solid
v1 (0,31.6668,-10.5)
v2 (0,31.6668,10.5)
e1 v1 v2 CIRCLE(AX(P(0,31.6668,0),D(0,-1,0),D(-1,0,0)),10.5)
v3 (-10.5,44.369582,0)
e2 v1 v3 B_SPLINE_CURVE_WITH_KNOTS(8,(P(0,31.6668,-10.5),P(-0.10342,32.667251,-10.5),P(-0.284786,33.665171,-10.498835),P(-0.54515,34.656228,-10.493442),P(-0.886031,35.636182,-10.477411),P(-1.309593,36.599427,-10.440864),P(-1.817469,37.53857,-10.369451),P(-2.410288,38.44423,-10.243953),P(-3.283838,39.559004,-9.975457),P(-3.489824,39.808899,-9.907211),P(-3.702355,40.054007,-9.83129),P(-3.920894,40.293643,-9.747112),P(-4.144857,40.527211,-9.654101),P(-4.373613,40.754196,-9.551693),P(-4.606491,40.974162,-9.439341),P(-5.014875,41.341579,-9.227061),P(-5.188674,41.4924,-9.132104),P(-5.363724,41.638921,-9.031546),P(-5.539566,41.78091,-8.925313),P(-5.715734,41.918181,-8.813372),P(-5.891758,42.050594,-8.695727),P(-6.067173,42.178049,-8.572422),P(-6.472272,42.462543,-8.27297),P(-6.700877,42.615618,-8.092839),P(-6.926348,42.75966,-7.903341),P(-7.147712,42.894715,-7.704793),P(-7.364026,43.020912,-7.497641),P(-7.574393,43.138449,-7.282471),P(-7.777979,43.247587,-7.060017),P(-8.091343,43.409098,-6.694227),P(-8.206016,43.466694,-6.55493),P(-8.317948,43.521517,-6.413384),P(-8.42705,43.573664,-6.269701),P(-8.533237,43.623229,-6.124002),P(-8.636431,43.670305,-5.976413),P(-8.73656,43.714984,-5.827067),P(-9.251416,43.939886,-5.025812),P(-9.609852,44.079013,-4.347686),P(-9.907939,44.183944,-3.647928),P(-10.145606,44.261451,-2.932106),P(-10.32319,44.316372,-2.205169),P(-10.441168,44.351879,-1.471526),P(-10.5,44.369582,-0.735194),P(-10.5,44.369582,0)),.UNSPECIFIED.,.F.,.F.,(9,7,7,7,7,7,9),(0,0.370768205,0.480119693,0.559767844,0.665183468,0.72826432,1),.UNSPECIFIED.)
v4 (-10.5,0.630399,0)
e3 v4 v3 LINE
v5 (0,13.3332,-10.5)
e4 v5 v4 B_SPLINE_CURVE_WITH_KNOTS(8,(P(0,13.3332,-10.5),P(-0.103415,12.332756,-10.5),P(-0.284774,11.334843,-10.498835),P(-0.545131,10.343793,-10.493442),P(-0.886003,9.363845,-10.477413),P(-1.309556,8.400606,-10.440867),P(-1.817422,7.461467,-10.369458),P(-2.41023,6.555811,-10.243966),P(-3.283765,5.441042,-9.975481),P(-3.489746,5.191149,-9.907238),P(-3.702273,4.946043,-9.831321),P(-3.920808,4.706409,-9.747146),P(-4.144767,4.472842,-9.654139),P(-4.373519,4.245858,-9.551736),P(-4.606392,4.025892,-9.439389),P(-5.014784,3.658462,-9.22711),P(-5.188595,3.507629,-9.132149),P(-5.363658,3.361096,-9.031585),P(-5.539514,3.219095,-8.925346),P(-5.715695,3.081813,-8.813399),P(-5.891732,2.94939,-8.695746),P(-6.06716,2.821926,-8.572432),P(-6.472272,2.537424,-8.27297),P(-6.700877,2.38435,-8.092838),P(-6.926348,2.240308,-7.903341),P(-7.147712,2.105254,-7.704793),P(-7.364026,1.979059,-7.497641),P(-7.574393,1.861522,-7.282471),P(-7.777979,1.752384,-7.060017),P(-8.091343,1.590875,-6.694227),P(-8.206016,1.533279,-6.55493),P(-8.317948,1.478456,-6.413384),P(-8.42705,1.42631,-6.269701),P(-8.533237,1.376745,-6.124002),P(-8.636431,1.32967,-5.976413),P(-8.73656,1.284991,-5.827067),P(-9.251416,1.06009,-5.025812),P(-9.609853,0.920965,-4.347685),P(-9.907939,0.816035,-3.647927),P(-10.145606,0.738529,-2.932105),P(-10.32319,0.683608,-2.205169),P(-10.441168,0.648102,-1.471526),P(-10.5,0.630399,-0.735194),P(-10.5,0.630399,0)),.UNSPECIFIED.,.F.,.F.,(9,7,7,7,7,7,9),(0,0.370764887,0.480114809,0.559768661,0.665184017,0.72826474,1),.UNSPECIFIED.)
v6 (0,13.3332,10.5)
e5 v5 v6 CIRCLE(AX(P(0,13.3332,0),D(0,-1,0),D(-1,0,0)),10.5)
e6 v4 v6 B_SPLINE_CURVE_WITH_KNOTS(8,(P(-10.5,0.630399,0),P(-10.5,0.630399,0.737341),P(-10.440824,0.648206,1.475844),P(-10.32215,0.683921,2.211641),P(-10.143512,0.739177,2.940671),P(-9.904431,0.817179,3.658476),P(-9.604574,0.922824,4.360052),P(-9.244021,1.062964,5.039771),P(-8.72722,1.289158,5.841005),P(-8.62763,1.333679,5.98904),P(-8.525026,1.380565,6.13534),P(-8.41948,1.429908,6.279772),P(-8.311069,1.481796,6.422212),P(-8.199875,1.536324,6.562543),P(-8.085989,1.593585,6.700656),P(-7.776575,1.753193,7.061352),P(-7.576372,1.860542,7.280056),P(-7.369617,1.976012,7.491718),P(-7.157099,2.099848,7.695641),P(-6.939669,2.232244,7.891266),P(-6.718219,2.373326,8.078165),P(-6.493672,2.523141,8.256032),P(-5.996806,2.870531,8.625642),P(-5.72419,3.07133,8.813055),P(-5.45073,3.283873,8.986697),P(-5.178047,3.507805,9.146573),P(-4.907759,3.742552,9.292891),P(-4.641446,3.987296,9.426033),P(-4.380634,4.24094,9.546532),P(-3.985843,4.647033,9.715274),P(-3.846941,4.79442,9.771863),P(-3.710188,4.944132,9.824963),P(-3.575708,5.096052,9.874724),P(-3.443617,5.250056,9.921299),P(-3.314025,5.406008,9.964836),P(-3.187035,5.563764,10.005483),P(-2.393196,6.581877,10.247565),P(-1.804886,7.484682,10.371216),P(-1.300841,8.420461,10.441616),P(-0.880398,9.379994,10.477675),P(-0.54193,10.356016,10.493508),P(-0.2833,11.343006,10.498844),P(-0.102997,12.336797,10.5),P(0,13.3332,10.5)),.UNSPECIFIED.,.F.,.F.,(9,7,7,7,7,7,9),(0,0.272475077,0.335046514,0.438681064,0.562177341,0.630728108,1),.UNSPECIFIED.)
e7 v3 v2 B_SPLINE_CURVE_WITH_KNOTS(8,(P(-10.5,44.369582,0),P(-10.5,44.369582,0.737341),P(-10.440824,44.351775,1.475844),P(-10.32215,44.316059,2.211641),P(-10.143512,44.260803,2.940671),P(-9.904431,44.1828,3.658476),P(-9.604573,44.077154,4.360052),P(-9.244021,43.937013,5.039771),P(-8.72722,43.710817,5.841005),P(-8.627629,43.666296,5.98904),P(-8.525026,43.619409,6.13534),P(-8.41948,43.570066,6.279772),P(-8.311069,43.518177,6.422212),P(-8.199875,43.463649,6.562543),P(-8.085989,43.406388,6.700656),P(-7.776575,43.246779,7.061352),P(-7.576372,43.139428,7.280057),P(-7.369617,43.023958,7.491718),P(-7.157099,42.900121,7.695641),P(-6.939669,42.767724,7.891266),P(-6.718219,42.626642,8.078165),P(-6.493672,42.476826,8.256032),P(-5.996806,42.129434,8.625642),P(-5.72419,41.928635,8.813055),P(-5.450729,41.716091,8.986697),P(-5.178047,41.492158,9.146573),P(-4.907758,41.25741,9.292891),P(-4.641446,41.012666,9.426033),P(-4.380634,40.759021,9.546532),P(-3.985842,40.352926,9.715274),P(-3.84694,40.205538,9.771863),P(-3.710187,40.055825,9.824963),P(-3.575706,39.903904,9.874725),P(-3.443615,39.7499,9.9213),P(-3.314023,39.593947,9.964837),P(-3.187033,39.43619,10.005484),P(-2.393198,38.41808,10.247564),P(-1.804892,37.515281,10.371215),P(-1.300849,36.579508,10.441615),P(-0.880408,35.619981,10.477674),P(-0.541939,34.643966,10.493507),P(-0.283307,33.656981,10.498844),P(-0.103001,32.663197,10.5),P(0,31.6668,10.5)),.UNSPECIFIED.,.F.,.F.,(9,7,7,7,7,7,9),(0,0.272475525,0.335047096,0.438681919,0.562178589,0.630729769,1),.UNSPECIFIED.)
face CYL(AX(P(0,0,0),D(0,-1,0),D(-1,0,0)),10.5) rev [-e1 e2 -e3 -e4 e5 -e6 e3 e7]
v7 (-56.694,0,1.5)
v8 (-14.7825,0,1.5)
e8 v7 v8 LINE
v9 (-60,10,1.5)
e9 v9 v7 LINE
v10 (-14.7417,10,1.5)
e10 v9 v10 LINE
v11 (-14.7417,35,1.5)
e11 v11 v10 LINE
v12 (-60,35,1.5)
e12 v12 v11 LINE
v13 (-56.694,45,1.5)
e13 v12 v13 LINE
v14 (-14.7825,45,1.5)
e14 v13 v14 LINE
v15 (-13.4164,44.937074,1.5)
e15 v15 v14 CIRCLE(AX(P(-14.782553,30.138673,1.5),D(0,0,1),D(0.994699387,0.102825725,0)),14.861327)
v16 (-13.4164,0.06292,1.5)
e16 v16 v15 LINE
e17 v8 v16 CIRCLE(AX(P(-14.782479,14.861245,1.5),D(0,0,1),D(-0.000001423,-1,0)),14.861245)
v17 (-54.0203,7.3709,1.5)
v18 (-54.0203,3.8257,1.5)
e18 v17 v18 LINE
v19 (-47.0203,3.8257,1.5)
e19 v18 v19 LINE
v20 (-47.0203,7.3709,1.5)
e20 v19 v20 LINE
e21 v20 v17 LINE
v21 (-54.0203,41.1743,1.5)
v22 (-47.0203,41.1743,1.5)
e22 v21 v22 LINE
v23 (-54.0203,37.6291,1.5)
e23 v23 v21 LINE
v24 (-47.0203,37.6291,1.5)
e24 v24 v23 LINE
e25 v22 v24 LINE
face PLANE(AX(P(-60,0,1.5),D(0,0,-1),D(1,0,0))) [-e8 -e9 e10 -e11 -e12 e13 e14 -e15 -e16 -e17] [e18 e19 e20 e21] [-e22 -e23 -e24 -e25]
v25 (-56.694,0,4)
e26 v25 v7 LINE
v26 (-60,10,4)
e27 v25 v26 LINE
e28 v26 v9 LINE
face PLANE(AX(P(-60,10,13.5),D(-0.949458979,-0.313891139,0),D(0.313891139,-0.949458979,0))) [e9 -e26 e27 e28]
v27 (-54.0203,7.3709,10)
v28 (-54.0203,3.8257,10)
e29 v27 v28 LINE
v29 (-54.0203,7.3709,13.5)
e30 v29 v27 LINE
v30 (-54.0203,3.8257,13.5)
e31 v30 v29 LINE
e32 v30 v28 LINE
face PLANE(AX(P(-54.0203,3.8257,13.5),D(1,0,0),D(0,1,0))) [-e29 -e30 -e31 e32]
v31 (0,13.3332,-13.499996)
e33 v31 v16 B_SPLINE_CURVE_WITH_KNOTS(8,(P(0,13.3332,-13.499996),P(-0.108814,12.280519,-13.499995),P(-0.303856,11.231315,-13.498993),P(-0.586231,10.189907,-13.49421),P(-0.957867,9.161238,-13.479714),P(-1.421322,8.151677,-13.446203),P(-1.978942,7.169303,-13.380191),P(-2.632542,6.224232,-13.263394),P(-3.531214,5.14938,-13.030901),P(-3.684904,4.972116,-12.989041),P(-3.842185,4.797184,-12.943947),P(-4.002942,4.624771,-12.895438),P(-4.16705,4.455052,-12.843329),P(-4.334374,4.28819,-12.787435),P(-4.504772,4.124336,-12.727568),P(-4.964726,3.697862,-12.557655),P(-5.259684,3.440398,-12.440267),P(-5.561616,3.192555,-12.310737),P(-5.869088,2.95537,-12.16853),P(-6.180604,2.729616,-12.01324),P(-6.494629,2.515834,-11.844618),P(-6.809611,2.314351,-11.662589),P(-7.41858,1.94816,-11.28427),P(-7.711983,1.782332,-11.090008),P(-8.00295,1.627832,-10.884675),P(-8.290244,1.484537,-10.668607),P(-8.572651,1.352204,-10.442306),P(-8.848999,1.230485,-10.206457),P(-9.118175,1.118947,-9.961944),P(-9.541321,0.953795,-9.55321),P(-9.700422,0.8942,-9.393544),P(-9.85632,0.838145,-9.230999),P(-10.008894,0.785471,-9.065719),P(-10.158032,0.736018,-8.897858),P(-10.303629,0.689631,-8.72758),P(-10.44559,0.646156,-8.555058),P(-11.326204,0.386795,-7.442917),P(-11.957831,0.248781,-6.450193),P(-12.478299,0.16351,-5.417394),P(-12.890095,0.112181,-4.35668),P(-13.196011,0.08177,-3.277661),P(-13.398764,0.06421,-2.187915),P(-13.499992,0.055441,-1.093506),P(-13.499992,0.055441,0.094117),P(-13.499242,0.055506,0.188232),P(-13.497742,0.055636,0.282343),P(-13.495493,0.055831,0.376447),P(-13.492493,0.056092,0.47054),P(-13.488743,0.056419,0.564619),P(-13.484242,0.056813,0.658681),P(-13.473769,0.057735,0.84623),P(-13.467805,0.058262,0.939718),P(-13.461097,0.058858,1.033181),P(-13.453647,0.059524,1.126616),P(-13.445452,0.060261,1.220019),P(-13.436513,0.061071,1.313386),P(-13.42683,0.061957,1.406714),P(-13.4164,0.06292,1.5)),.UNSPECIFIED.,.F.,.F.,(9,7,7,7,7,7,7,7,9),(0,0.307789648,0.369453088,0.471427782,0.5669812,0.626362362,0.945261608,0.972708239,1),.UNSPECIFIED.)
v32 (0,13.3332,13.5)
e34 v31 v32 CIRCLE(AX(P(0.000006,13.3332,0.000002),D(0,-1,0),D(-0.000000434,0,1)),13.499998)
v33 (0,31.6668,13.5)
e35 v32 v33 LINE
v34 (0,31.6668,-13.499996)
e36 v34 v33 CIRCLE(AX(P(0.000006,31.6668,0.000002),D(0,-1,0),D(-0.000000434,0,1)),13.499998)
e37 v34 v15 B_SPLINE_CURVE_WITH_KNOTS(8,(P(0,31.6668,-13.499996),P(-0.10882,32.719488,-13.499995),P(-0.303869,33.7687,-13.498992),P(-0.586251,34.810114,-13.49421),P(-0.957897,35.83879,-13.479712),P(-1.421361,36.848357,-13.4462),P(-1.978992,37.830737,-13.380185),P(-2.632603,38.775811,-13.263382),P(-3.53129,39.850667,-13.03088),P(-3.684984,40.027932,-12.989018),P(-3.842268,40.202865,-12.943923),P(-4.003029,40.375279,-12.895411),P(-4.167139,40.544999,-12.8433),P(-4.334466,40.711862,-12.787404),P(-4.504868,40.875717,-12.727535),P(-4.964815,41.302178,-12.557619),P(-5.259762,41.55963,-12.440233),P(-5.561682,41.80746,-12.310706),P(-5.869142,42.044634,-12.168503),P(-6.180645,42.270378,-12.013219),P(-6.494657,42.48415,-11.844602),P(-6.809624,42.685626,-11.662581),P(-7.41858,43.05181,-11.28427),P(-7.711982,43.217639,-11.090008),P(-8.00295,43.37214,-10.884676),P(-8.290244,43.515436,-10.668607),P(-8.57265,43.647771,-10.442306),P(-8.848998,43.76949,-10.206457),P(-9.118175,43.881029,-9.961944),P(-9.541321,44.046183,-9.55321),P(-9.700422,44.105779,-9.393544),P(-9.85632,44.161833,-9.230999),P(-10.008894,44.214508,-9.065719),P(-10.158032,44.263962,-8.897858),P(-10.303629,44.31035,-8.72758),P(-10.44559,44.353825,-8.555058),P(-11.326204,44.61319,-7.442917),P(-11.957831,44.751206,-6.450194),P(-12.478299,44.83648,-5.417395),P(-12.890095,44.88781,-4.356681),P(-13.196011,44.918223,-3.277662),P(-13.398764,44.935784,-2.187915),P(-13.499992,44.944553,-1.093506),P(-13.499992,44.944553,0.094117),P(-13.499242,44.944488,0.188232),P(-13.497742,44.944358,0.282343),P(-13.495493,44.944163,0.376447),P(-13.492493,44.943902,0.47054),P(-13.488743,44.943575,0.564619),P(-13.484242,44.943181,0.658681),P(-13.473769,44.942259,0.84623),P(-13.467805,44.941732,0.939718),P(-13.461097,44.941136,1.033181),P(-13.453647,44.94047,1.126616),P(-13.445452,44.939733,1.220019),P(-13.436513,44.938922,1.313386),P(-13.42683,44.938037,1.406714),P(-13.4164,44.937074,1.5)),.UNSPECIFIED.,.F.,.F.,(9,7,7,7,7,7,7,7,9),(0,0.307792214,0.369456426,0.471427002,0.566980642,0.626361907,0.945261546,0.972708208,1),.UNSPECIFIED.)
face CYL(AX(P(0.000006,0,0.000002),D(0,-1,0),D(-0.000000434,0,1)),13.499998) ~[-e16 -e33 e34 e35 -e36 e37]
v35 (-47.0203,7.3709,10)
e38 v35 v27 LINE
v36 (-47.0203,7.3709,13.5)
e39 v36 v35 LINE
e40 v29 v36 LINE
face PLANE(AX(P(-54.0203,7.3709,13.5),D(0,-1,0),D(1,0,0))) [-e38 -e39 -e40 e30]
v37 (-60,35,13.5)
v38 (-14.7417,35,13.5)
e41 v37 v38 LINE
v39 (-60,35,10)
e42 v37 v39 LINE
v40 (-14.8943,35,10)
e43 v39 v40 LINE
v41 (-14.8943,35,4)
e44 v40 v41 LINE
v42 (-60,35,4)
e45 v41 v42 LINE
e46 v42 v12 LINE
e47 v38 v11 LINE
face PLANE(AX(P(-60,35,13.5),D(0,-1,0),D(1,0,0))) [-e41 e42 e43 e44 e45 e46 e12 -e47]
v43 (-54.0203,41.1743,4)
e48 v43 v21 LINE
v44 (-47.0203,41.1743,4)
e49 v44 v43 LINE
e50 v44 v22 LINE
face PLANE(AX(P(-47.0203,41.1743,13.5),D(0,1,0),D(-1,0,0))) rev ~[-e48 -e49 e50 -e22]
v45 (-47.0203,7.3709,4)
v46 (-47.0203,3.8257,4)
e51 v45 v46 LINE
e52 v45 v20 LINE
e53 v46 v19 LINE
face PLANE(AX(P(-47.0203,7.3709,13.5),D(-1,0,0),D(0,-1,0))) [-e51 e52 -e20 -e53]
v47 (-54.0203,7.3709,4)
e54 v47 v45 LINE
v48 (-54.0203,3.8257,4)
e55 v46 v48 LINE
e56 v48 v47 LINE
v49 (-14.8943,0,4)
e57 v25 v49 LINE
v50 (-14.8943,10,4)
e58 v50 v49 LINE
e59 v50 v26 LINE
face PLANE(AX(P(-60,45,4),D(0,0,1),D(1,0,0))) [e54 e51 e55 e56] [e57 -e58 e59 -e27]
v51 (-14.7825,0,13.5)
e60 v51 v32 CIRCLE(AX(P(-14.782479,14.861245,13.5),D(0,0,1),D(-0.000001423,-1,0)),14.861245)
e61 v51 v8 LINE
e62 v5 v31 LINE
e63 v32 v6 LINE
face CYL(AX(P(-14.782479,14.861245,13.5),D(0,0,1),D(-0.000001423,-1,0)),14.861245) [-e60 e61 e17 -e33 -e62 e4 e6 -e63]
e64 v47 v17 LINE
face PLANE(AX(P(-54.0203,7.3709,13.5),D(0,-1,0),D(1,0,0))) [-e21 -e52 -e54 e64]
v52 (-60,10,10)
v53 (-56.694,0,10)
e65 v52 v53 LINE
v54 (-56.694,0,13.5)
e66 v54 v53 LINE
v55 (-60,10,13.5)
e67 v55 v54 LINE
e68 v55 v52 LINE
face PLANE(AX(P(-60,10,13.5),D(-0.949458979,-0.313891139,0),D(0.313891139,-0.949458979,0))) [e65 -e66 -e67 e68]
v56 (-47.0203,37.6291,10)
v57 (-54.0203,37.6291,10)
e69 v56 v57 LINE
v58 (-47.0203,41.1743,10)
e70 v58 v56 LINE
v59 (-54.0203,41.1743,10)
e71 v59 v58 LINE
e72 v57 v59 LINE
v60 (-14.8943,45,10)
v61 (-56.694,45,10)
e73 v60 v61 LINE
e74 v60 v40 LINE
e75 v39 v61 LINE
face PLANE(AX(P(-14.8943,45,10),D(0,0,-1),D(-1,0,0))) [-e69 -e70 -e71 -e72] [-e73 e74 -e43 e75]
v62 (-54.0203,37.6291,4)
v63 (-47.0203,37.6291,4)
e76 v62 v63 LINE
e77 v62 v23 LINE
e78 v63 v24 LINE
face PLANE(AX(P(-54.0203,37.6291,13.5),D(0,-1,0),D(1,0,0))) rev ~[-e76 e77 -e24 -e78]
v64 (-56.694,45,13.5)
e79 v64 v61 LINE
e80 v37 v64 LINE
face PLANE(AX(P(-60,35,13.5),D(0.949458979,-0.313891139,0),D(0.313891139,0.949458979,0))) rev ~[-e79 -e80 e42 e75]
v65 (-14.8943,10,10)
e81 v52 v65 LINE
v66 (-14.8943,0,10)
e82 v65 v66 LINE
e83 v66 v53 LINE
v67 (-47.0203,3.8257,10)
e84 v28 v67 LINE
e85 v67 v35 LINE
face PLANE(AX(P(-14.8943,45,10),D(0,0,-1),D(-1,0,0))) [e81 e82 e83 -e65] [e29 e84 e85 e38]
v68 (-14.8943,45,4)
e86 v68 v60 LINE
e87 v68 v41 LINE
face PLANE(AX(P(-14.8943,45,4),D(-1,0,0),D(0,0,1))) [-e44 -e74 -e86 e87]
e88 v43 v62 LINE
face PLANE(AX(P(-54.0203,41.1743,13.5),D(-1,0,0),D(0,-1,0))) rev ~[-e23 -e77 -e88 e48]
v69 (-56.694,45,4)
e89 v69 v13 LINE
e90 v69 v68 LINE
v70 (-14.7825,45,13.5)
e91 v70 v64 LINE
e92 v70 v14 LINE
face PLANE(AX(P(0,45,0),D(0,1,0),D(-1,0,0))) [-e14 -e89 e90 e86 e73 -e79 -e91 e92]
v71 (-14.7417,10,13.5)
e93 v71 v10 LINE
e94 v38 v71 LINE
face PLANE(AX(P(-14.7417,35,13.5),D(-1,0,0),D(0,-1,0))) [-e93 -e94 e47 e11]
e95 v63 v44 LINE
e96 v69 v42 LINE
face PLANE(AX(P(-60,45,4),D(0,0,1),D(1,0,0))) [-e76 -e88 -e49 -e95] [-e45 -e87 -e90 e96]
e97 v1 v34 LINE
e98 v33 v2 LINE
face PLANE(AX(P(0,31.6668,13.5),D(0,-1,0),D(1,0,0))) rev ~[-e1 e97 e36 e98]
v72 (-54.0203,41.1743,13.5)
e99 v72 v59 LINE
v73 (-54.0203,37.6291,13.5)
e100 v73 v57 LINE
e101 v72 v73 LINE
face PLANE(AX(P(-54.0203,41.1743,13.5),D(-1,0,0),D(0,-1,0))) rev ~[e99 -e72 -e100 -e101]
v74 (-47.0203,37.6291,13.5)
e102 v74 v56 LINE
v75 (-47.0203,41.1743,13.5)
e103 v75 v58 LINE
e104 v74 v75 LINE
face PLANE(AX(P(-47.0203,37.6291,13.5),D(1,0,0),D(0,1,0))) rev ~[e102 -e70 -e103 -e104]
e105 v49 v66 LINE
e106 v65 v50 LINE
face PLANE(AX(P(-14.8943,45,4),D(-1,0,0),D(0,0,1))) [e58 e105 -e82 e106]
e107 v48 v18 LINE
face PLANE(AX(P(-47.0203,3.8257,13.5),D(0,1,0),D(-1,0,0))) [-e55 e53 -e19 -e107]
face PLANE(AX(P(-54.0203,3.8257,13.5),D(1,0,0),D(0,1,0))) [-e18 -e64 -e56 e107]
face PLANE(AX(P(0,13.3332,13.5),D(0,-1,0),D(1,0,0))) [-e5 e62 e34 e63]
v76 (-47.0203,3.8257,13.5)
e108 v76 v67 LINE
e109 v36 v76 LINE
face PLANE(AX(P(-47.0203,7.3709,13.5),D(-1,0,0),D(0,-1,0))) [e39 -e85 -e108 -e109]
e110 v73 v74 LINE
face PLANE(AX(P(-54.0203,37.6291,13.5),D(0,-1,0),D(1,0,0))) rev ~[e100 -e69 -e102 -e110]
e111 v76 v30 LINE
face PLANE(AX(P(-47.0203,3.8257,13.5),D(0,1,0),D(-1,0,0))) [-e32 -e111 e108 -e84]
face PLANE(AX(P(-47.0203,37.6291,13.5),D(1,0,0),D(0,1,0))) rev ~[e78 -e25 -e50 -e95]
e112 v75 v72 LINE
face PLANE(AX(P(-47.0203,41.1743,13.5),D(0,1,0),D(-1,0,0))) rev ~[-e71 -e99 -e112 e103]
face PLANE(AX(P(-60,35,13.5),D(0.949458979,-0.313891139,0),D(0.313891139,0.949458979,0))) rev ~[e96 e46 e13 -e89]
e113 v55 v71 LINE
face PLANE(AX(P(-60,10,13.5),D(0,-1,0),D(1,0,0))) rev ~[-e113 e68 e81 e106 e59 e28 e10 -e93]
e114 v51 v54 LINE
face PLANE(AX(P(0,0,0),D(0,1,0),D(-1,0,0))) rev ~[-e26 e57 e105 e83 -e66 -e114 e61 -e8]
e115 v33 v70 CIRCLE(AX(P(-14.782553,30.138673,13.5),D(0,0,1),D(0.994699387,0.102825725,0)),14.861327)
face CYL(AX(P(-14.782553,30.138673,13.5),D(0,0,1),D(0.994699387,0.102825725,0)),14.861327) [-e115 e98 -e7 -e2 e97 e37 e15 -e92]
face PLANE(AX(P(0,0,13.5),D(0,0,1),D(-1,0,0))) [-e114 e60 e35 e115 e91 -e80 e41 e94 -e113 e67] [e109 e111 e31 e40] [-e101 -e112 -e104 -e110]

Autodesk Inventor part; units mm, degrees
ref_plane "YZ Plane" through (0, 0, 0) normal (1, 0, 0) x (0, 1, 0)
ref_plane "XZ Plane" through (0, 0, 0) normal (0, 1, 0) x (-1, 0, 0)
ref_plane "XY Plane" through (0, 0, 0) normal (0, 0, 1) x (1, 0, 0)
sketch "Sketch1" plane through (0, 0, 0) normal (0, 1, 0) x (-1, 0, 0)
  circle A0 centre (0, 0) radius 10.5
  arc A1 (0, 13.5) -> (13.4164, 1.5) centre (0, 0) ccw
  line L0 (0, 13.5) -> (60, 13.5)
  line L1 (60, 13.5) -> (60, 1.5)
  line L2 (60, 1.5) -> (13.4164, 1.5)
  dimension "d1" = 21
  dimension "d2" = 60
  dimension "d3" = 12
  dimension "d6" = 3
extrude "Extrusion1" add sketch "Sketch1" along normal blind 45
sketch "Sketch2" plane through (-60, 0, 13.5) normal (0, 0, 1) x (1, 0, 0)
  line L0 (0, 45) -> (60, 45) projected
  line L1 (0, 35) -> (3.306, 45)
  line L2 (51.1457, 45) -> (3.306, 45)
  line L3 (0, 35) -> (45.2583, 35)
  line L4 (0, 22.5) -> (103.0931, 22.5) construction
  line L5 (0, 0) -> (60, 0)
  line L6 (0, 10) -> (3.306, 0)
  line L7 (0, 10) -> (45.2583, 10)
  line L8 (45.2583, 35) -> (45.2583, 10)
  line L9 (0, 35) -> (0, 10)
  line L10 (60, 0) -> (60, 45) projected
  line L11 (0, 10) -> (0, 0)
  line L12 (0, 0) -> (60, 0) projected
  line L13 (0, 45) -> (0, 35)
  line L14 (3.306, 45) -> (0, 45)
extrude "Extrusion2" cut sketch "Sketch2" against normal blind 12 contours L0 L1 L13 | L3 L8 L7 L9 | L6 L5 L11
sketch "Sketch3" plane through (0, 45, 0) normal (0, 1, 0) x (1, 0, 0)
  line L0 (-60, -1.5) -> (-60, -13.5) projected
  line L1 (-60, -4) -> (-14.8943, -4)
  line L2 (-14.8943, -4) -> (-14.8943, -10)
  line L3 (-14.8943, -10) -> (-60, -10)
  line L4 (-60, -4) -> (-60, -10)
extrude "Extrusion3" cut sketch "Sketch3" against normal blind 45
sketch "Sketch4" plane through (0, 0, 13.5) normal (0, 0, 1) x (1, 0, 0)
  line L0 (-56.694, 0) -> (0, 0) projected
  line L1 (0, 0) -> (0, 45) projected
  line L2 (-56.694, 45) -> (0, 45) projected
  arc A0 (0, 31.6668) -> (-14.7825, 45) centre (-14.7825, 30.1387) ccw
  line L3 (0, 31.6668) -> (14.4337, 31.6668)
  line L4 (-19.4308, 22.5) -> (16.7273, 22.5) construction
  line L5 (14.4337, 31.6668) -> (14.4337, 22.5)
  line L6 (0, 13.3332) -> (14.4337, 13.3332)
  line L7 (14.4337, 13.3332) -> (14.4337, 22.5)
  arc A1 (-14.7825, 0) -> (0, 13.3332) centre (-14.7825, 14.8613) ccw
  line L8 (-14.7825, 45) -> (14.4337, 45)
  line L9 (14.4337, 45) -> (14.4337, 31.6668)
  line L10 (14.4337, 13.3332) -> (14.4337, 0)
  line L11 (14.4337, 0) -> (-14.7825, 0)
extrude "Extrusion4" cut sketch "Sketch4" against normal blind 45 contours A1 L1 L0 | L1 L6 L10 L11 | A0 L2 L1 | L1 L8 L9 L3
sketch "Sketch5" plane through (-60, 35, 13.5) normal (0, 0, 1) x (1, 0, 0)
  line L0 (45.2583, 0) -> (45.2583, -25) projected
  line L1 (12.9797, 6.1743) -> (5.9797, 6.1743)
  line L2 (5.9797, 6.1743) -> (5.9797, 2.6291)
  line L3 (5.9797, 2.6291) -> (12.9797, 2.6291)
  line L4 (12.9797, 2.6291) -> (12.9797, 6.1743)
  line L5 (45.2583, -12.5) -> (-11.096, -12.5) construction
  line L6 (12.9797, -31.1743) -> (5.9797, -31.1743)
  line L7 (5.9797, -31.1743) -> (5.9797, -27.6291)
  line L8 (5.9797, -27.6291) -> (12.9797, -27.6291)
  line L9 (12.9797, -27.6291) -> (12.9797, -31.1743)
  point P0 (60, -35)
  dimension "d16" = 7
extrude "Extrusion5" cut sketch "Sketch5" against normal blind 15
properties part number "soporte camara"
